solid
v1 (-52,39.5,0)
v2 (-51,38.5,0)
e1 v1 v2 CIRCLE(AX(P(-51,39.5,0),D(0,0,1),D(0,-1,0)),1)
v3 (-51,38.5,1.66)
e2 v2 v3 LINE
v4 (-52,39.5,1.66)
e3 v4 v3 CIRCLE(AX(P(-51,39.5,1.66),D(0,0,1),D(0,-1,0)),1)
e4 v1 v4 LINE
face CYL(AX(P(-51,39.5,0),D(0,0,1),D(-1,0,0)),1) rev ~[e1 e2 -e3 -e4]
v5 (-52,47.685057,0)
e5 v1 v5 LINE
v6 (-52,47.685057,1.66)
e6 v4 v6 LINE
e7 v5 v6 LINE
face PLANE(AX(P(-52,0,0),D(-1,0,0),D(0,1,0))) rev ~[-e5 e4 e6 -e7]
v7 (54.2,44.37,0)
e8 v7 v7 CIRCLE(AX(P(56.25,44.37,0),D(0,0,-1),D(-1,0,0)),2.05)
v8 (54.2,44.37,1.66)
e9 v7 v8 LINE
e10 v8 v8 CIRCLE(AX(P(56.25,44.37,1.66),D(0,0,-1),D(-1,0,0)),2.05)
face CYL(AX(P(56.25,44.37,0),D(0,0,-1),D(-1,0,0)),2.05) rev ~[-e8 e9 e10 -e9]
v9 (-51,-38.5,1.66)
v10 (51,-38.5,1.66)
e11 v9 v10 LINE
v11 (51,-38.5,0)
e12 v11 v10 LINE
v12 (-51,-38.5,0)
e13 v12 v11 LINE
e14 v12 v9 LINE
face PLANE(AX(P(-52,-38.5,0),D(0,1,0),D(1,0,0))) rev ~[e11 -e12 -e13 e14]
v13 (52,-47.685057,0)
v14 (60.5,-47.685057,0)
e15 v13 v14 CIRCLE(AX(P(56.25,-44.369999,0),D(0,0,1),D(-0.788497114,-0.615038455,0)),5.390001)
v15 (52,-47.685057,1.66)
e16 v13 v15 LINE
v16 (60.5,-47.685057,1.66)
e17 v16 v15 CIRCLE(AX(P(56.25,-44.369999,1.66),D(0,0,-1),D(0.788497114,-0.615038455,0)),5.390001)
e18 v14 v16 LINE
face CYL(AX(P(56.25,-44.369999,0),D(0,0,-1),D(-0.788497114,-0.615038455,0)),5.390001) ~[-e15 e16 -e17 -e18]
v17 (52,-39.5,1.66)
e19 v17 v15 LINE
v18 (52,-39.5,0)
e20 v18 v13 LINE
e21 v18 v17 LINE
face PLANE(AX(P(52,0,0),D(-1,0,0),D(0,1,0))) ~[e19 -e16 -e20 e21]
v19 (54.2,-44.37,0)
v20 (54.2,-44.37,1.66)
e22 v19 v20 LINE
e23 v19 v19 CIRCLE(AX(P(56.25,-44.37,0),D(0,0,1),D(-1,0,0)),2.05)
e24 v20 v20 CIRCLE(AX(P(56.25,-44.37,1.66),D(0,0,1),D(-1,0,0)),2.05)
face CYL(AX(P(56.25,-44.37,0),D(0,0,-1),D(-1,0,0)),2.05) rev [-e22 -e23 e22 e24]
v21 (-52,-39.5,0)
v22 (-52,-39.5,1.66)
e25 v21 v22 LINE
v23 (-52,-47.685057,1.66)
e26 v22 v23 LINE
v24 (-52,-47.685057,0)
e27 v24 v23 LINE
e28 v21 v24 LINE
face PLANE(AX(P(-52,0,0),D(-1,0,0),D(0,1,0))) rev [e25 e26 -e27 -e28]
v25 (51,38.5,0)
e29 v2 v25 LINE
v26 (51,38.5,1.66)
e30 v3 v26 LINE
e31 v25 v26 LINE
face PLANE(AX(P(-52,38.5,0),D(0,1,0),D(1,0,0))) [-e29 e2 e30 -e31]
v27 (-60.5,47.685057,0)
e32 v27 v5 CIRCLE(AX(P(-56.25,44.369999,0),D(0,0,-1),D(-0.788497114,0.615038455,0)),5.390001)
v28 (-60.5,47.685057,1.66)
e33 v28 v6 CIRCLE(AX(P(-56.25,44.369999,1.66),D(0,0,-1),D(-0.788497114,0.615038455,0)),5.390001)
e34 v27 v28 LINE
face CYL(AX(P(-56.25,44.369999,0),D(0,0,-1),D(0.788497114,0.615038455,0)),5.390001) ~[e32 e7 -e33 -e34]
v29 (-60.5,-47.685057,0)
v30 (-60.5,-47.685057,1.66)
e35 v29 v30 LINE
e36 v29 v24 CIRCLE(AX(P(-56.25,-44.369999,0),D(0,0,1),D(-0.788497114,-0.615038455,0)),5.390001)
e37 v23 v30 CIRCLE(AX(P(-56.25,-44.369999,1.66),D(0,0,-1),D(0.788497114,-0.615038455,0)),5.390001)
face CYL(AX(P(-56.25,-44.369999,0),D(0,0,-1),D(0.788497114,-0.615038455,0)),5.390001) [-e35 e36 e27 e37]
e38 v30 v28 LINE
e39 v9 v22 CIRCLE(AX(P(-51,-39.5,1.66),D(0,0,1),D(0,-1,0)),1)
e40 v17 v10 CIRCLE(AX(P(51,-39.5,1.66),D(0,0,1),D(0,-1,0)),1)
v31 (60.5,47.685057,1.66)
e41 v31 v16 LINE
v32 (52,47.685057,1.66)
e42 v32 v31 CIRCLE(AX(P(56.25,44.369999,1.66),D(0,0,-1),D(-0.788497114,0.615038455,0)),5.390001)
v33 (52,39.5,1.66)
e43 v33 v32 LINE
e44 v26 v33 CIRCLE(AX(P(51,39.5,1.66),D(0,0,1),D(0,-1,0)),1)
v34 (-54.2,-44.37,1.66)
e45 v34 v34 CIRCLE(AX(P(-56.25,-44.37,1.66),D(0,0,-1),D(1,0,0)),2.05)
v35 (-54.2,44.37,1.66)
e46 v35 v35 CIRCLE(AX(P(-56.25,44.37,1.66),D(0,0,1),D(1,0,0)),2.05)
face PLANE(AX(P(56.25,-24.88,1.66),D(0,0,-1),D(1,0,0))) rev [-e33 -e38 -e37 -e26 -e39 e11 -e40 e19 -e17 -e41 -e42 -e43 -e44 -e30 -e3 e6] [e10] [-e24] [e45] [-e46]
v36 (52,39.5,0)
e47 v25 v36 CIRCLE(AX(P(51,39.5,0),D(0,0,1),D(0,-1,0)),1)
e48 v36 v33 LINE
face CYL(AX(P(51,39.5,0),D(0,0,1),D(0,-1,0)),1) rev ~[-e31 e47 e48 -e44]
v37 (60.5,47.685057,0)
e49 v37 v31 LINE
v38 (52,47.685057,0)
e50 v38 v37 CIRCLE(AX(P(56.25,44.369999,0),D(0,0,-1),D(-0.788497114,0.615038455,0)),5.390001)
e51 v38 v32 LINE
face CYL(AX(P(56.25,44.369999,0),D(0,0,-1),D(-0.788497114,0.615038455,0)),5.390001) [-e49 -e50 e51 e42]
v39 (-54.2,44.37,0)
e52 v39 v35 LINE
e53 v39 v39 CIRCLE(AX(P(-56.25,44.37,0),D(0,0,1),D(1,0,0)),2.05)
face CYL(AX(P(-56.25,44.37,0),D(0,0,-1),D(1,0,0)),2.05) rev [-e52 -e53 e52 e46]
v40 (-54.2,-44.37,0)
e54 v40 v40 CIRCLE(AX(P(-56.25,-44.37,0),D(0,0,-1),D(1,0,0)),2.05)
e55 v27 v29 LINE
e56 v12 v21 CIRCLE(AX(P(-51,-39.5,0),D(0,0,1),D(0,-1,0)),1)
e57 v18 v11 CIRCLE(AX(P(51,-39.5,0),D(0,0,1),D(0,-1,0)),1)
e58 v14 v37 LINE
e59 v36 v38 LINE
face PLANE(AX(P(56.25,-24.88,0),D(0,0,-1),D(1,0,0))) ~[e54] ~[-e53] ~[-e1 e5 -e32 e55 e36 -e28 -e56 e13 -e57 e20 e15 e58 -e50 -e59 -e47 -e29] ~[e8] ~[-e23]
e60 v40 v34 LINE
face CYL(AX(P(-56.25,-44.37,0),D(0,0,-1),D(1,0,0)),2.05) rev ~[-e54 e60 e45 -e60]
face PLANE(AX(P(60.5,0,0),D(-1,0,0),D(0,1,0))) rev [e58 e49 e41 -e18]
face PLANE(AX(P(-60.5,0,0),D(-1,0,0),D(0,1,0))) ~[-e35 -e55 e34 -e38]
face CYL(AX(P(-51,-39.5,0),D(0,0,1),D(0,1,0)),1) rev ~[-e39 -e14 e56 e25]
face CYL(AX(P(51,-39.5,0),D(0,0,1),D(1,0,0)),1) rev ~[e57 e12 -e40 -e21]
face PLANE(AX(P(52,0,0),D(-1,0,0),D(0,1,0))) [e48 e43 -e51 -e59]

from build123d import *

# Parameters (mm, degrees)
SKETCH_W                   = 104
SKETCH_H                   = 77
PAD_DEPTH                  = 1.66
SKETCH001_W                = 8.5
SKETCH001_H                = 49.76
PAD001_DEPTH               = 1.66
SKETCH002_R                = 2.05
POCKET_DEPTH               = 1.66
POCKET001_DEPTH            = 5
SKETCH001_MIRRORED_2_W     = 8.5
SKETCH001_MIRRORED_2_H     = 49.76
PAD001_MIRRORED_2_DEPTH    = 1.66
SKETCH002_MIRRORED_2_R     = 2.05
POCKET_MIRRORED_2_DEPTH    = 1.66
POCKET001_MIRRORED_2_DEPTH = 5
FILLET_R                   = 1


with BuildPart() as part:
    # Sketch → Pad (new body)
    with BuildSketch(Plane.XY):
        Rectangle(SKETCH_W, SKETCH_H)
    extrude(amount=PAD_DEPTH)

    # Sketch001 → Pad001 (join)
    with BuildSketch(Plane.XY):
        with Locations((-56.25, 24.88)):
            Rectangle(SKETCH001_W, SKETCH001_H)
    pad001 = extrude(amount=PAD001_DEPTH)

    # Sketch002 → Pocket (cut)
    with BuildSketch(Plane.XY):
        with Locations((-56.25, 44.37)):
            Circle(SKETCH002_R)
    pocket = extrude(amount=POCKET_DEPTH, mode=Mode.SUBTRACT)

    # Sketch003 → Pocket001 (cut)
    with BuildSketch(Plane.XY):
        with BuildLine():
            ThreePointArc((-52, 47.685057), (-56.25, 49.76), (-60.5, 47.685057))
            Line((-60.5, 47.685057), (-60.5, 51.185057))
            Line((-60.5, 51.185057), (-52, 51.185057))
            Line((-52, 51.185057), (-52, 47.685057))
        make_face()
    pocket001 = extrude(amount=POCKET001_DEPTH, mode=Mode.SUBTRACT)

    # Sketch001 Mirrored 2 → Pad001 Mirrored 2 (add)
    with BuildSketch(Plane(origin=(0, 0, 0), x_dir=(-1, 0, 0), z_dir=(0, 0, -1))):
        with Locations((-56.25, 24.88)):
            Rectangle(SKETCH001_MIRRORED_2_W, SKETCH001_MIRRORED_2_H)
    pad001_mirrored_2 = extrude(amount=-PAD001_MIRRORED_2_DEPTH)

    # Sketch002 Mirrored 2 → Pocket Mirrored 2 (cut)
    with BuildSketch(Plane(origin=(0, 0, 0), x_dir=(-1, 0, 0), z_dir=(0, 0, -1))):
        with Locations((-56.25, 44.37)):
            Circle(SKETCH002_MIRRORED_2_R)
    pocket_mirrored_2 = extrude(amount=-POCKET_MIRRORED_2_DEPTH, mode=Mode.SUBTRACT)

    # Sketch003 Mirrored 2 → Pocket001 Mirrored 2 (cut)
    with BuildSketch(Plane(origin=(0, 0, 0), x_dir=(-1, 0, 0), z_dir=(0, 0, -1))):
        with BuildLine():
            ThreePointArc((-52, 47.685057), (-56.25, 49.76), (-60.5, 47.685057))
            Line((-60.5, 47.685057), (-60.5, 51.185057))
            Line((-60.5, 51.185057), (-52, 51.185057))
            Line((-52, 51.185057), (-52, 47.685057))
        make_face()
    pocket001_mirrored_2 = extrude(amount=-POCKET001_MIRRORED_2_DEPTH, mode=Mode.SUBTRACT)

    # Mirrored001: Pad001, Pocket, Pocket001, Pad001 Mirrored 2, Pocket Mirrored 2, Pocket001 Mirrored 2 across XZ
    add(pad001.mirror(Plane.XZ))
    add(pocket.mirror(Plane.XZ), mode=Mode.SUBTRACT)
    add(pocket001.mirror(Plane.XZ), mode=Mode.SUBTRACT)
    add(pad001_mirrored_2.mirror(Plane.XZ))
    add(pocket_mirrored_2.mirror(Plane.XZ), mode=Mode.SUBTRACT)
    add(pocket001_mirrored_2.mirror(Plane.XZ), mode=Mode.SUBTRACT)

    # Fillet
    fillet_edges = [part.edges().sort_by_distance(p)[0] for p in [
        (-52, 38.5, 0.83),
        (52, 38.5, 0.83),
        (-52, -38.5, 0.83),
        (52, -38.5, 0.83),
    ]]
    fillet(fillet_edges, radius=FILLET_R)


solid = part.part
